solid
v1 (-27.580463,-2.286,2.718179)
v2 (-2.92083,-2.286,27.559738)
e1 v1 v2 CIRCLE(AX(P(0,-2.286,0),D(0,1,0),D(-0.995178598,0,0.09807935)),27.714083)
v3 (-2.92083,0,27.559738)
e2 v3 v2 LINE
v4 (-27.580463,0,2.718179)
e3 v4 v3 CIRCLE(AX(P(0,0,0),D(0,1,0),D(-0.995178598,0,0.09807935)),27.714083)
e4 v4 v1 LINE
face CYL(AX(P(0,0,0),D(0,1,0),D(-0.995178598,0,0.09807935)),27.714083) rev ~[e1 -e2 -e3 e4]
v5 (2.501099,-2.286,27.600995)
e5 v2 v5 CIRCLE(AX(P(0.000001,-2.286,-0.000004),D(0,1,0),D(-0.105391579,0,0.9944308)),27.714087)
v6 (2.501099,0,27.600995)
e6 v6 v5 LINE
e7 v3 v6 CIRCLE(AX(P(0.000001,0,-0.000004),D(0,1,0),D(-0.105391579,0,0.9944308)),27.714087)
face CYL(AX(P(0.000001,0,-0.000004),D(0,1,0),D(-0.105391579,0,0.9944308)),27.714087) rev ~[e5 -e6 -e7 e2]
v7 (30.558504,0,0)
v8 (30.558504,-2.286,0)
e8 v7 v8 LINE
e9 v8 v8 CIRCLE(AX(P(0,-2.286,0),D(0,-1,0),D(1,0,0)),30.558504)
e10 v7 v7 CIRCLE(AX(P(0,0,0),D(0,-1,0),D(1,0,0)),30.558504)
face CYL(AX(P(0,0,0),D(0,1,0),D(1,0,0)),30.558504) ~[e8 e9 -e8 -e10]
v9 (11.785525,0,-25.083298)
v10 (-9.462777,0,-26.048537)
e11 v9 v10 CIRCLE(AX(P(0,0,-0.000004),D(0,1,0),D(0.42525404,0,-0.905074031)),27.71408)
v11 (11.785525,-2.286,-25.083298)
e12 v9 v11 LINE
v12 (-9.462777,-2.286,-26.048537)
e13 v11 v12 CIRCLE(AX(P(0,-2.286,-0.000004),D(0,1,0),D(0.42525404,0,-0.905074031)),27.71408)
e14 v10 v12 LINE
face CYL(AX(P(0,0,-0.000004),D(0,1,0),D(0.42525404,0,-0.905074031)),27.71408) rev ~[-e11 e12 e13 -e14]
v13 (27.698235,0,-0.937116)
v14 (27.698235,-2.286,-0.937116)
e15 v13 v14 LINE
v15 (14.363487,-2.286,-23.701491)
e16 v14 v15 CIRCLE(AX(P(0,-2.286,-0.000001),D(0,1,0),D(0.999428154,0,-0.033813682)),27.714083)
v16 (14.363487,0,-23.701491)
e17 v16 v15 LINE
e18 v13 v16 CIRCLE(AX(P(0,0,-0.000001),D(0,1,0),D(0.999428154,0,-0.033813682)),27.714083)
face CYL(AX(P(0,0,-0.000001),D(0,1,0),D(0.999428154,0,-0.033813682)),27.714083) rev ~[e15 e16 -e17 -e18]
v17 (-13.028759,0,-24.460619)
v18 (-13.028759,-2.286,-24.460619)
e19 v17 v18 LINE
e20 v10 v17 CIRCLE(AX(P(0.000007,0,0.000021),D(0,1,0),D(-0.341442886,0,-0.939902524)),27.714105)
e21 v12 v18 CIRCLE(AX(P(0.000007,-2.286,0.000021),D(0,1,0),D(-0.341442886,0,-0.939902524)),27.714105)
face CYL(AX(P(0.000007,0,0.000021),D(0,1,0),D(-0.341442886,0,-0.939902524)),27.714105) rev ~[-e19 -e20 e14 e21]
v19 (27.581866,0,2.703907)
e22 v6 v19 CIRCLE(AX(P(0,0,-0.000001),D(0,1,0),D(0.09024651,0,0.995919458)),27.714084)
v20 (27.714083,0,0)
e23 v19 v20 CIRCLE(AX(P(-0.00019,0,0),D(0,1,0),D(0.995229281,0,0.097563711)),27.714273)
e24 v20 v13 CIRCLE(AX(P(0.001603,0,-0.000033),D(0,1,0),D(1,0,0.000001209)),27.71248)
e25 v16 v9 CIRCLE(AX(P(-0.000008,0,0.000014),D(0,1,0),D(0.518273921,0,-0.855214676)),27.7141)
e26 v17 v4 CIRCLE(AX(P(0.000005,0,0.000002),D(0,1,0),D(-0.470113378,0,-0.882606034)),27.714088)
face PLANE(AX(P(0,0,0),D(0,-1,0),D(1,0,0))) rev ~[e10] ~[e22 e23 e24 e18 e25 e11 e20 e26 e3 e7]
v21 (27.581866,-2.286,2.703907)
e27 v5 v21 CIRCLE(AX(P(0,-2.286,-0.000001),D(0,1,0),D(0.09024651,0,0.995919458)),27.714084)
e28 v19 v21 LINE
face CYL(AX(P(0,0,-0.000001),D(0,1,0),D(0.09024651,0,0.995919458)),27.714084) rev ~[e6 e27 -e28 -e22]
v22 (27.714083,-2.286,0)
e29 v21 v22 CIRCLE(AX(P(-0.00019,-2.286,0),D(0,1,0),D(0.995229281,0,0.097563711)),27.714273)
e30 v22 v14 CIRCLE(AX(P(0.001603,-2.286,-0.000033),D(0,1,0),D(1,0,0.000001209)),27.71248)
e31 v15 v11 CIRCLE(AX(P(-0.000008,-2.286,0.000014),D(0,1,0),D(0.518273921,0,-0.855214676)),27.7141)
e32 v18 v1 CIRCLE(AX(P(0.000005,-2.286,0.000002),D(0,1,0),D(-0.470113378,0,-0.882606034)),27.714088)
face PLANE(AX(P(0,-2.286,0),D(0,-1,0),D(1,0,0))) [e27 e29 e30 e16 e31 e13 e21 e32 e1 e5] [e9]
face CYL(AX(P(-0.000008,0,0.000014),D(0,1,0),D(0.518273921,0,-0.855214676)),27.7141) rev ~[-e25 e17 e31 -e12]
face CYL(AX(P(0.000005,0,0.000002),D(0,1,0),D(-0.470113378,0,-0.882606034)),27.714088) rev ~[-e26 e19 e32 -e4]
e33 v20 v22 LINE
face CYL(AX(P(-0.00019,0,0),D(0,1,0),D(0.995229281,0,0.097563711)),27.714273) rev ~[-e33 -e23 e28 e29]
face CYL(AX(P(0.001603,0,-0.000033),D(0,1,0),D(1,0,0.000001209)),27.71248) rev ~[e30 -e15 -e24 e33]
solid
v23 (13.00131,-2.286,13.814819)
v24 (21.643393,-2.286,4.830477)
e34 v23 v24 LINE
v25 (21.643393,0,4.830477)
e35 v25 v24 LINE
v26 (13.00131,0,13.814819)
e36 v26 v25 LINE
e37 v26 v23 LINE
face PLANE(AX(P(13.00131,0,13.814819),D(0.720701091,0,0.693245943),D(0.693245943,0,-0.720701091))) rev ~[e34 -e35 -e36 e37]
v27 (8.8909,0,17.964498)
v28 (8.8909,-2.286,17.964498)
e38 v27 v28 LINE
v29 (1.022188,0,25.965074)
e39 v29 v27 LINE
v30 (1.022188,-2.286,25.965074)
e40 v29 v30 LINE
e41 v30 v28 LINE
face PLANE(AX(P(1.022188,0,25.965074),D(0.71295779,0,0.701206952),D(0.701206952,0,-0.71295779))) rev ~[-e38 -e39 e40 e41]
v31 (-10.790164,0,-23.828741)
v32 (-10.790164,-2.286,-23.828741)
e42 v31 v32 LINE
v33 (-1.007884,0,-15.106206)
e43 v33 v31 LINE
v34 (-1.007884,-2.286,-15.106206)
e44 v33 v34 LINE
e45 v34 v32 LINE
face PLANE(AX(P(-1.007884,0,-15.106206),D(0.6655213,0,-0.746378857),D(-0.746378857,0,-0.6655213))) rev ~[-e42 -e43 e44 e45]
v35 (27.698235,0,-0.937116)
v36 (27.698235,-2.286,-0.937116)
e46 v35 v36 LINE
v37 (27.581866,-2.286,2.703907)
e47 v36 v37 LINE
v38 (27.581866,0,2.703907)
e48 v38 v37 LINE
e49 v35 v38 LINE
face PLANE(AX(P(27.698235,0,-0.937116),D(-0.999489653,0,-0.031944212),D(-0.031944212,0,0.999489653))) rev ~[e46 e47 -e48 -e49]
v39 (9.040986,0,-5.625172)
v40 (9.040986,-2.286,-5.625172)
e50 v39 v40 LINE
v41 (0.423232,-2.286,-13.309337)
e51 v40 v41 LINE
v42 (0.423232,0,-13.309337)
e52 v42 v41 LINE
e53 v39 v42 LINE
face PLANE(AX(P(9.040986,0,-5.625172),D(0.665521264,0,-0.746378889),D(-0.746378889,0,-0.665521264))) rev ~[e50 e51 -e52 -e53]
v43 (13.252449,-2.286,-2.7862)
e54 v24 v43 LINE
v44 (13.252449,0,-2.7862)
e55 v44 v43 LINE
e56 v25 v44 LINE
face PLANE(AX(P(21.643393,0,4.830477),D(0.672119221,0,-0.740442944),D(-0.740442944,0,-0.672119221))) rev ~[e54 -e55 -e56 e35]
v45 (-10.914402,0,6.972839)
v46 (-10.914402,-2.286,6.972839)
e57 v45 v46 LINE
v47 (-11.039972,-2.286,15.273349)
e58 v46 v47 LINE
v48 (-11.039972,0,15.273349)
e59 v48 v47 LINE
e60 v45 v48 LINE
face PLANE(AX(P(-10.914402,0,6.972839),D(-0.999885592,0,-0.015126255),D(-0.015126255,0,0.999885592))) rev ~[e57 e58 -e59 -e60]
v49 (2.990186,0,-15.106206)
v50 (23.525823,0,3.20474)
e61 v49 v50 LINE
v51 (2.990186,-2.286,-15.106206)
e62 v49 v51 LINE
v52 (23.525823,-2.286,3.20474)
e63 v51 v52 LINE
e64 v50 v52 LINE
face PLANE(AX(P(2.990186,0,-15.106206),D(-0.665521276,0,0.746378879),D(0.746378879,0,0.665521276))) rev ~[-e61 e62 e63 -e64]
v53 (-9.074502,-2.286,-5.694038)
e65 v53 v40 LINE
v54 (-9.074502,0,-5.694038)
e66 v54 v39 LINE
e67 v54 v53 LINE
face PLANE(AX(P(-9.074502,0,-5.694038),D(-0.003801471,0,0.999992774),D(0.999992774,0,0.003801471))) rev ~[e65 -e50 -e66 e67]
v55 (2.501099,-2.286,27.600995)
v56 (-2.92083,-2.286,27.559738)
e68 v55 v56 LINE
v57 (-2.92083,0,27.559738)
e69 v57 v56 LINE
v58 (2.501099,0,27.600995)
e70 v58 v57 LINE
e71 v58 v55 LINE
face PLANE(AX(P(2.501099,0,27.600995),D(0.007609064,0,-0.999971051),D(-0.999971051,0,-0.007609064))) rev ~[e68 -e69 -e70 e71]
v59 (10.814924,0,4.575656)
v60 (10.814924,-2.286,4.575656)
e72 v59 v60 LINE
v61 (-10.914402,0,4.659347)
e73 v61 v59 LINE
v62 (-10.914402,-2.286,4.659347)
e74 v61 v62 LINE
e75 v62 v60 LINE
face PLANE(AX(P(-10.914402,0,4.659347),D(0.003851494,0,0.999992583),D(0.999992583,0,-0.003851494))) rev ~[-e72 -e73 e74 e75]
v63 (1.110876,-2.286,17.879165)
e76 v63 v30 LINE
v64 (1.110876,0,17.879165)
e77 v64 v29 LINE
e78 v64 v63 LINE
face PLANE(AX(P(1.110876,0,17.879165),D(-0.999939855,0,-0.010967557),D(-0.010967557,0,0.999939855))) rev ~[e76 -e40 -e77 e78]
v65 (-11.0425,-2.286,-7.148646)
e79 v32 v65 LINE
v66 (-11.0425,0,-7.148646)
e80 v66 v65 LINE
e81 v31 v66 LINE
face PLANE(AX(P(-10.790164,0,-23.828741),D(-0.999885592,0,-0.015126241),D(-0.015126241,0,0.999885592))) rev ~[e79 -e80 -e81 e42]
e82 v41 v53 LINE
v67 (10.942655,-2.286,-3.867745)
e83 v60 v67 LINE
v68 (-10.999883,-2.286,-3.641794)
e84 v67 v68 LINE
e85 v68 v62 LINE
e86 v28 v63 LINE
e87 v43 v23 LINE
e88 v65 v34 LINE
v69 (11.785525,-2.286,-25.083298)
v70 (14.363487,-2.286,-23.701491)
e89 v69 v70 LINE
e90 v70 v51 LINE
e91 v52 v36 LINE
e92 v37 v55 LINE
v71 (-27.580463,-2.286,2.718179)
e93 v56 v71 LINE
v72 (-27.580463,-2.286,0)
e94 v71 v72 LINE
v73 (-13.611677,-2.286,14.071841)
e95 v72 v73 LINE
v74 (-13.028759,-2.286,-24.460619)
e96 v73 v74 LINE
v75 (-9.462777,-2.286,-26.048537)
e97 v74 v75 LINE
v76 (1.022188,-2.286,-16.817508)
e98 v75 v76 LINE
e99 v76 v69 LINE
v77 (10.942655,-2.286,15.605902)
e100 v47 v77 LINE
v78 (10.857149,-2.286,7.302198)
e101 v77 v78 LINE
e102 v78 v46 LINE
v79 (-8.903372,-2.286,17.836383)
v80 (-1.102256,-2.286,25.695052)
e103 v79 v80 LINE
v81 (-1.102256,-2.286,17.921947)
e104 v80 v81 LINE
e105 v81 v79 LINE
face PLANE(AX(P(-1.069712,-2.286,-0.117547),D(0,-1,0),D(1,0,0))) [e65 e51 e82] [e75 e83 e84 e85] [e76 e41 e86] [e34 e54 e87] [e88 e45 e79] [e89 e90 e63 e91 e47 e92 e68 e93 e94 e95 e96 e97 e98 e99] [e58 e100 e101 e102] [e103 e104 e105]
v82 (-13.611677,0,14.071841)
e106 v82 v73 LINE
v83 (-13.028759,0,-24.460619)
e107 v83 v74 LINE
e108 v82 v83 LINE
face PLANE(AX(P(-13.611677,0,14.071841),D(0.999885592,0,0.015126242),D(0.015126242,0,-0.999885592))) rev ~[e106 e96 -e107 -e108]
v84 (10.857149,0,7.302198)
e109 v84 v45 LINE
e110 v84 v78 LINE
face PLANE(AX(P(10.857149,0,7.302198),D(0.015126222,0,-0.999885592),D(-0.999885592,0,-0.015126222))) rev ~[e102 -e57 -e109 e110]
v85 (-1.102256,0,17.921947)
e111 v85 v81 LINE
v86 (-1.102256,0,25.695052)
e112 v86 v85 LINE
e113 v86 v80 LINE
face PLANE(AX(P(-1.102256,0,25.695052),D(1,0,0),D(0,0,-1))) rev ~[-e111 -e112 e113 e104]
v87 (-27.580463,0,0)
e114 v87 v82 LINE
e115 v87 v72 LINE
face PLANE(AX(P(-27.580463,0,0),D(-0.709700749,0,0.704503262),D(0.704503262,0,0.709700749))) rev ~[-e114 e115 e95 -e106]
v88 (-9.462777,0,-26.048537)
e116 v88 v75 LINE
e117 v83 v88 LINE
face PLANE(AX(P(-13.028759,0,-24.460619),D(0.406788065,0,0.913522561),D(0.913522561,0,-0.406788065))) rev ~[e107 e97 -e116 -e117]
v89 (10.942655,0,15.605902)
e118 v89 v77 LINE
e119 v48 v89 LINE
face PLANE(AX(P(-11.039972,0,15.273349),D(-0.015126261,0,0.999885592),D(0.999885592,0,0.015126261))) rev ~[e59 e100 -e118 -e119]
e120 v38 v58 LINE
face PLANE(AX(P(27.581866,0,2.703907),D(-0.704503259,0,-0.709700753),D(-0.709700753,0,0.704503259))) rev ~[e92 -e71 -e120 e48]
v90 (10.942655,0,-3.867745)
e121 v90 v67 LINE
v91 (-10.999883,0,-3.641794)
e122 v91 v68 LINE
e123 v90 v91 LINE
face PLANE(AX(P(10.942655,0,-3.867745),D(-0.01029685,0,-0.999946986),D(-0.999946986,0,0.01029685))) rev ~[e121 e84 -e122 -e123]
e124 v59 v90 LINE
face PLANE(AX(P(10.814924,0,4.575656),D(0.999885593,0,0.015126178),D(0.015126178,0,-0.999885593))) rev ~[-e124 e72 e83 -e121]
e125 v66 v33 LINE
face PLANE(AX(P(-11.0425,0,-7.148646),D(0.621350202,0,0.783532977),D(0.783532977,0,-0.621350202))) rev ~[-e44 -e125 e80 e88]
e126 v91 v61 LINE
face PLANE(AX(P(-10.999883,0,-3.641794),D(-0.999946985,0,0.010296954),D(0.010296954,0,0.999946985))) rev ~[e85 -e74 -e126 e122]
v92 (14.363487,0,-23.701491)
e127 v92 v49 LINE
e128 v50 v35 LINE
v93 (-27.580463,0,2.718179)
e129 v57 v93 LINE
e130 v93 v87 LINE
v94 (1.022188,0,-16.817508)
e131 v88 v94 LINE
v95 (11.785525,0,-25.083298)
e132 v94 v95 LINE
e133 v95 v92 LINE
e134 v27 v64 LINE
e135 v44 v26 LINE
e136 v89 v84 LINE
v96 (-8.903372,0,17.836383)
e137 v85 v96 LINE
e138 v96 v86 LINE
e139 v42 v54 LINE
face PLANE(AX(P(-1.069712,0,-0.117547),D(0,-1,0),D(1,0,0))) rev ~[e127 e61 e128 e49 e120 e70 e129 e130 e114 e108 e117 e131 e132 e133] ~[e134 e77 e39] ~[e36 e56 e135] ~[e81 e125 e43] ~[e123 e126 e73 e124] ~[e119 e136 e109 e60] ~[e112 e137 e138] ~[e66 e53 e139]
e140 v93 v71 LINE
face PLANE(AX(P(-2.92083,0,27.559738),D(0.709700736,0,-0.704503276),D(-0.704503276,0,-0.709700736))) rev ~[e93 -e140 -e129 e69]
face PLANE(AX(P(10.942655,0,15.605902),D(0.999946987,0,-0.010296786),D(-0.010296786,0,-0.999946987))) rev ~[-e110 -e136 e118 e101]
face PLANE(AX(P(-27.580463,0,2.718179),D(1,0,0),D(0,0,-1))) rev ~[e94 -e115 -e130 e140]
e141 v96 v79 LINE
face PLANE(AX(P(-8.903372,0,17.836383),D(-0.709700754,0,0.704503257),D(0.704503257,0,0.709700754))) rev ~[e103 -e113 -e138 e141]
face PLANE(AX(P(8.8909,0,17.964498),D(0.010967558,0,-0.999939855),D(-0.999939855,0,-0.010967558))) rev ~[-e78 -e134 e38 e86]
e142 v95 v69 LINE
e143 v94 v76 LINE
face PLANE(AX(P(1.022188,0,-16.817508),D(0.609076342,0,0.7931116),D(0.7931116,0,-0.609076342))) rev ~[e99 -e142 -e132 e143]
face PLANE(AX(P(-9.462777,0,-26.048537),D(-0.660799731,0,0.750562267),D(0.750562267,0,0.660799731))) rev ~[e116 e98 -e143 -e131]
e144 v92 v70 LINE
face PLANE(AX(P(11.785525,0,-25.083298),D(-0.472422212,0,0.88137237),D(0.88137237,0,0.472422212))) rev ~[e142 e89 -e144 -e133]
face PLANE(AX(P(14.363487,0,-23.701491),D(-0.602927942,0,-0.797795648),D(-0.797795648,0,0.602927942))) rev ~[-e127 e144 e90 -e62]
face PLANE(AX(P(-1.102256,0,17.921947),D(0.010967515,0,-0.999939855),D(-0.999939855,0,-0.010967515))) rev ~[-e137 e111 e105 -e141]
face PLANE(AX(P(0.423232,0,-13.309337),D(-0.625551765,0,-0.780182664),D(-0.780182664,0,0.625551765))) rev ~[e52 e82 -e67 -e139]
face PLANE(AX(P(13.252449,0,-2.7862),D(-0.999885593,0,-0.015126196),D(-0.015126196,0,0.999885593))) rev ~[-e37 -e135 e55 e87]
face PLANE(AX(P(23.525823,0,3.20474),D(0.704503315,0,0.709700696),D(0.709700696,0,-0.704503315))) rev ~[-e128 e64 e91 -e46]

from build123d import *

# Parameters (mm, degrees)
F0_R     = 30.558504
F1_DEPTH = 2.286


with BuildPart() as f1:
    # F0 (on Front) → F1 (new body)
    with BuildSketch(Plane.XZ):
        Circle(F0_R)
        with BuildLine():
            ThreePointArc((27.581866, 2.703907), (27.681009, 1.353569), (27.714083, 0))
            ThreePointArc((27.714083, 0), (27.710121, -0.468625), (27.698235, -0.937116))
            ThreePointArc((27.698235, -0.937116), (23.913413, -14.007823), (14.363487, -23.701491))
            ThreePointArc((14.363487, -23.701491), (13.092748, -24.426428), (11.785525, -25.083298))
            ThreePointArc((11.785525, -25.083298), (1.257661, -27.685533), (-9.462777, -26.048537))
            ThreePointArc((-9.462777, -26.048537), (-11.27376, -25.31744), (-13.028759, -24.460619))
            ThreePointArc((-13.028759, -24.460619), (-24.432539, -13.081339), (-27.580463, 2.718179))
            ThreePointArc((-27.580463, 2.718179), (-19.668706, 19.524662), (-2.92083, 27.559738))
            ThreePointArc((-2.92083, 27.559738), (-0.210877, 27.713281), (2.501099, 27.600995))
            ThreePointArc((2.501099, 27.600995), (19.524662, 19.668706), (27.581866, 2.703907))
        make_face(mode=Mode.SUBTRACT)
        Polygon((27.698235, -0.937116), (27.581866, 2.703907), (2.501099, 27.600995), (-2.92083, 27.559738), (-27.580463, 2.718179), (-27.580463, 0), (-13.611677, 14.071841), (-13.028759, -24.460619), (-9.462777, -26.048537), (1.022188, -16.817508), (11.785525, -25.083298), (14.363487, -23.701491), (2.990186, -15.106206), (23.525823, 3.20474), align=None)
        Polygon((-10.790164, -23.828741), (-11.0425, -7.148646), (-1.007884, -15.106206), align=None, mode=Mode.SUBTRACT)
        Polygon((0.423232, -13.309337), (-9.074502, -5.694038), (9.040986, -5.625172), align=None, mode=Mode.SUBTRACT)
        Polygon((-10.999883, -3.641794), (-10.914402, 4.659347), (10.814924, 4.575656), (10.942655, -3.867745), align=None, mode=Mode.SUBTRACT)
        Polygon((10.857149, 7.302198), (-10.914402, 6.972839), (-11.039972, 15.273349), (10.942655, 15.605902), align=None, mode=Mode.SUBTRACT)
        Polygon((-1.102256, 17.921947), (-8.903372, 17.836383), (-1.102256, 25.695052), align=None, mode=Mode.SUBTRACT)
        Polygon((13.252449, -2.7862), (13.00131, 13.814819), (21.643393, 4.830477), align=None, mode=Mode.SUBTRACT)
        Polygon((1.110876, 17.879165), (1.022188, 25.965074), (8.8909, 17.964498), align=None, mode=Mode.SUBTRACT)
    extrude(amount=F1_DEPTH)


solid = f1.part
